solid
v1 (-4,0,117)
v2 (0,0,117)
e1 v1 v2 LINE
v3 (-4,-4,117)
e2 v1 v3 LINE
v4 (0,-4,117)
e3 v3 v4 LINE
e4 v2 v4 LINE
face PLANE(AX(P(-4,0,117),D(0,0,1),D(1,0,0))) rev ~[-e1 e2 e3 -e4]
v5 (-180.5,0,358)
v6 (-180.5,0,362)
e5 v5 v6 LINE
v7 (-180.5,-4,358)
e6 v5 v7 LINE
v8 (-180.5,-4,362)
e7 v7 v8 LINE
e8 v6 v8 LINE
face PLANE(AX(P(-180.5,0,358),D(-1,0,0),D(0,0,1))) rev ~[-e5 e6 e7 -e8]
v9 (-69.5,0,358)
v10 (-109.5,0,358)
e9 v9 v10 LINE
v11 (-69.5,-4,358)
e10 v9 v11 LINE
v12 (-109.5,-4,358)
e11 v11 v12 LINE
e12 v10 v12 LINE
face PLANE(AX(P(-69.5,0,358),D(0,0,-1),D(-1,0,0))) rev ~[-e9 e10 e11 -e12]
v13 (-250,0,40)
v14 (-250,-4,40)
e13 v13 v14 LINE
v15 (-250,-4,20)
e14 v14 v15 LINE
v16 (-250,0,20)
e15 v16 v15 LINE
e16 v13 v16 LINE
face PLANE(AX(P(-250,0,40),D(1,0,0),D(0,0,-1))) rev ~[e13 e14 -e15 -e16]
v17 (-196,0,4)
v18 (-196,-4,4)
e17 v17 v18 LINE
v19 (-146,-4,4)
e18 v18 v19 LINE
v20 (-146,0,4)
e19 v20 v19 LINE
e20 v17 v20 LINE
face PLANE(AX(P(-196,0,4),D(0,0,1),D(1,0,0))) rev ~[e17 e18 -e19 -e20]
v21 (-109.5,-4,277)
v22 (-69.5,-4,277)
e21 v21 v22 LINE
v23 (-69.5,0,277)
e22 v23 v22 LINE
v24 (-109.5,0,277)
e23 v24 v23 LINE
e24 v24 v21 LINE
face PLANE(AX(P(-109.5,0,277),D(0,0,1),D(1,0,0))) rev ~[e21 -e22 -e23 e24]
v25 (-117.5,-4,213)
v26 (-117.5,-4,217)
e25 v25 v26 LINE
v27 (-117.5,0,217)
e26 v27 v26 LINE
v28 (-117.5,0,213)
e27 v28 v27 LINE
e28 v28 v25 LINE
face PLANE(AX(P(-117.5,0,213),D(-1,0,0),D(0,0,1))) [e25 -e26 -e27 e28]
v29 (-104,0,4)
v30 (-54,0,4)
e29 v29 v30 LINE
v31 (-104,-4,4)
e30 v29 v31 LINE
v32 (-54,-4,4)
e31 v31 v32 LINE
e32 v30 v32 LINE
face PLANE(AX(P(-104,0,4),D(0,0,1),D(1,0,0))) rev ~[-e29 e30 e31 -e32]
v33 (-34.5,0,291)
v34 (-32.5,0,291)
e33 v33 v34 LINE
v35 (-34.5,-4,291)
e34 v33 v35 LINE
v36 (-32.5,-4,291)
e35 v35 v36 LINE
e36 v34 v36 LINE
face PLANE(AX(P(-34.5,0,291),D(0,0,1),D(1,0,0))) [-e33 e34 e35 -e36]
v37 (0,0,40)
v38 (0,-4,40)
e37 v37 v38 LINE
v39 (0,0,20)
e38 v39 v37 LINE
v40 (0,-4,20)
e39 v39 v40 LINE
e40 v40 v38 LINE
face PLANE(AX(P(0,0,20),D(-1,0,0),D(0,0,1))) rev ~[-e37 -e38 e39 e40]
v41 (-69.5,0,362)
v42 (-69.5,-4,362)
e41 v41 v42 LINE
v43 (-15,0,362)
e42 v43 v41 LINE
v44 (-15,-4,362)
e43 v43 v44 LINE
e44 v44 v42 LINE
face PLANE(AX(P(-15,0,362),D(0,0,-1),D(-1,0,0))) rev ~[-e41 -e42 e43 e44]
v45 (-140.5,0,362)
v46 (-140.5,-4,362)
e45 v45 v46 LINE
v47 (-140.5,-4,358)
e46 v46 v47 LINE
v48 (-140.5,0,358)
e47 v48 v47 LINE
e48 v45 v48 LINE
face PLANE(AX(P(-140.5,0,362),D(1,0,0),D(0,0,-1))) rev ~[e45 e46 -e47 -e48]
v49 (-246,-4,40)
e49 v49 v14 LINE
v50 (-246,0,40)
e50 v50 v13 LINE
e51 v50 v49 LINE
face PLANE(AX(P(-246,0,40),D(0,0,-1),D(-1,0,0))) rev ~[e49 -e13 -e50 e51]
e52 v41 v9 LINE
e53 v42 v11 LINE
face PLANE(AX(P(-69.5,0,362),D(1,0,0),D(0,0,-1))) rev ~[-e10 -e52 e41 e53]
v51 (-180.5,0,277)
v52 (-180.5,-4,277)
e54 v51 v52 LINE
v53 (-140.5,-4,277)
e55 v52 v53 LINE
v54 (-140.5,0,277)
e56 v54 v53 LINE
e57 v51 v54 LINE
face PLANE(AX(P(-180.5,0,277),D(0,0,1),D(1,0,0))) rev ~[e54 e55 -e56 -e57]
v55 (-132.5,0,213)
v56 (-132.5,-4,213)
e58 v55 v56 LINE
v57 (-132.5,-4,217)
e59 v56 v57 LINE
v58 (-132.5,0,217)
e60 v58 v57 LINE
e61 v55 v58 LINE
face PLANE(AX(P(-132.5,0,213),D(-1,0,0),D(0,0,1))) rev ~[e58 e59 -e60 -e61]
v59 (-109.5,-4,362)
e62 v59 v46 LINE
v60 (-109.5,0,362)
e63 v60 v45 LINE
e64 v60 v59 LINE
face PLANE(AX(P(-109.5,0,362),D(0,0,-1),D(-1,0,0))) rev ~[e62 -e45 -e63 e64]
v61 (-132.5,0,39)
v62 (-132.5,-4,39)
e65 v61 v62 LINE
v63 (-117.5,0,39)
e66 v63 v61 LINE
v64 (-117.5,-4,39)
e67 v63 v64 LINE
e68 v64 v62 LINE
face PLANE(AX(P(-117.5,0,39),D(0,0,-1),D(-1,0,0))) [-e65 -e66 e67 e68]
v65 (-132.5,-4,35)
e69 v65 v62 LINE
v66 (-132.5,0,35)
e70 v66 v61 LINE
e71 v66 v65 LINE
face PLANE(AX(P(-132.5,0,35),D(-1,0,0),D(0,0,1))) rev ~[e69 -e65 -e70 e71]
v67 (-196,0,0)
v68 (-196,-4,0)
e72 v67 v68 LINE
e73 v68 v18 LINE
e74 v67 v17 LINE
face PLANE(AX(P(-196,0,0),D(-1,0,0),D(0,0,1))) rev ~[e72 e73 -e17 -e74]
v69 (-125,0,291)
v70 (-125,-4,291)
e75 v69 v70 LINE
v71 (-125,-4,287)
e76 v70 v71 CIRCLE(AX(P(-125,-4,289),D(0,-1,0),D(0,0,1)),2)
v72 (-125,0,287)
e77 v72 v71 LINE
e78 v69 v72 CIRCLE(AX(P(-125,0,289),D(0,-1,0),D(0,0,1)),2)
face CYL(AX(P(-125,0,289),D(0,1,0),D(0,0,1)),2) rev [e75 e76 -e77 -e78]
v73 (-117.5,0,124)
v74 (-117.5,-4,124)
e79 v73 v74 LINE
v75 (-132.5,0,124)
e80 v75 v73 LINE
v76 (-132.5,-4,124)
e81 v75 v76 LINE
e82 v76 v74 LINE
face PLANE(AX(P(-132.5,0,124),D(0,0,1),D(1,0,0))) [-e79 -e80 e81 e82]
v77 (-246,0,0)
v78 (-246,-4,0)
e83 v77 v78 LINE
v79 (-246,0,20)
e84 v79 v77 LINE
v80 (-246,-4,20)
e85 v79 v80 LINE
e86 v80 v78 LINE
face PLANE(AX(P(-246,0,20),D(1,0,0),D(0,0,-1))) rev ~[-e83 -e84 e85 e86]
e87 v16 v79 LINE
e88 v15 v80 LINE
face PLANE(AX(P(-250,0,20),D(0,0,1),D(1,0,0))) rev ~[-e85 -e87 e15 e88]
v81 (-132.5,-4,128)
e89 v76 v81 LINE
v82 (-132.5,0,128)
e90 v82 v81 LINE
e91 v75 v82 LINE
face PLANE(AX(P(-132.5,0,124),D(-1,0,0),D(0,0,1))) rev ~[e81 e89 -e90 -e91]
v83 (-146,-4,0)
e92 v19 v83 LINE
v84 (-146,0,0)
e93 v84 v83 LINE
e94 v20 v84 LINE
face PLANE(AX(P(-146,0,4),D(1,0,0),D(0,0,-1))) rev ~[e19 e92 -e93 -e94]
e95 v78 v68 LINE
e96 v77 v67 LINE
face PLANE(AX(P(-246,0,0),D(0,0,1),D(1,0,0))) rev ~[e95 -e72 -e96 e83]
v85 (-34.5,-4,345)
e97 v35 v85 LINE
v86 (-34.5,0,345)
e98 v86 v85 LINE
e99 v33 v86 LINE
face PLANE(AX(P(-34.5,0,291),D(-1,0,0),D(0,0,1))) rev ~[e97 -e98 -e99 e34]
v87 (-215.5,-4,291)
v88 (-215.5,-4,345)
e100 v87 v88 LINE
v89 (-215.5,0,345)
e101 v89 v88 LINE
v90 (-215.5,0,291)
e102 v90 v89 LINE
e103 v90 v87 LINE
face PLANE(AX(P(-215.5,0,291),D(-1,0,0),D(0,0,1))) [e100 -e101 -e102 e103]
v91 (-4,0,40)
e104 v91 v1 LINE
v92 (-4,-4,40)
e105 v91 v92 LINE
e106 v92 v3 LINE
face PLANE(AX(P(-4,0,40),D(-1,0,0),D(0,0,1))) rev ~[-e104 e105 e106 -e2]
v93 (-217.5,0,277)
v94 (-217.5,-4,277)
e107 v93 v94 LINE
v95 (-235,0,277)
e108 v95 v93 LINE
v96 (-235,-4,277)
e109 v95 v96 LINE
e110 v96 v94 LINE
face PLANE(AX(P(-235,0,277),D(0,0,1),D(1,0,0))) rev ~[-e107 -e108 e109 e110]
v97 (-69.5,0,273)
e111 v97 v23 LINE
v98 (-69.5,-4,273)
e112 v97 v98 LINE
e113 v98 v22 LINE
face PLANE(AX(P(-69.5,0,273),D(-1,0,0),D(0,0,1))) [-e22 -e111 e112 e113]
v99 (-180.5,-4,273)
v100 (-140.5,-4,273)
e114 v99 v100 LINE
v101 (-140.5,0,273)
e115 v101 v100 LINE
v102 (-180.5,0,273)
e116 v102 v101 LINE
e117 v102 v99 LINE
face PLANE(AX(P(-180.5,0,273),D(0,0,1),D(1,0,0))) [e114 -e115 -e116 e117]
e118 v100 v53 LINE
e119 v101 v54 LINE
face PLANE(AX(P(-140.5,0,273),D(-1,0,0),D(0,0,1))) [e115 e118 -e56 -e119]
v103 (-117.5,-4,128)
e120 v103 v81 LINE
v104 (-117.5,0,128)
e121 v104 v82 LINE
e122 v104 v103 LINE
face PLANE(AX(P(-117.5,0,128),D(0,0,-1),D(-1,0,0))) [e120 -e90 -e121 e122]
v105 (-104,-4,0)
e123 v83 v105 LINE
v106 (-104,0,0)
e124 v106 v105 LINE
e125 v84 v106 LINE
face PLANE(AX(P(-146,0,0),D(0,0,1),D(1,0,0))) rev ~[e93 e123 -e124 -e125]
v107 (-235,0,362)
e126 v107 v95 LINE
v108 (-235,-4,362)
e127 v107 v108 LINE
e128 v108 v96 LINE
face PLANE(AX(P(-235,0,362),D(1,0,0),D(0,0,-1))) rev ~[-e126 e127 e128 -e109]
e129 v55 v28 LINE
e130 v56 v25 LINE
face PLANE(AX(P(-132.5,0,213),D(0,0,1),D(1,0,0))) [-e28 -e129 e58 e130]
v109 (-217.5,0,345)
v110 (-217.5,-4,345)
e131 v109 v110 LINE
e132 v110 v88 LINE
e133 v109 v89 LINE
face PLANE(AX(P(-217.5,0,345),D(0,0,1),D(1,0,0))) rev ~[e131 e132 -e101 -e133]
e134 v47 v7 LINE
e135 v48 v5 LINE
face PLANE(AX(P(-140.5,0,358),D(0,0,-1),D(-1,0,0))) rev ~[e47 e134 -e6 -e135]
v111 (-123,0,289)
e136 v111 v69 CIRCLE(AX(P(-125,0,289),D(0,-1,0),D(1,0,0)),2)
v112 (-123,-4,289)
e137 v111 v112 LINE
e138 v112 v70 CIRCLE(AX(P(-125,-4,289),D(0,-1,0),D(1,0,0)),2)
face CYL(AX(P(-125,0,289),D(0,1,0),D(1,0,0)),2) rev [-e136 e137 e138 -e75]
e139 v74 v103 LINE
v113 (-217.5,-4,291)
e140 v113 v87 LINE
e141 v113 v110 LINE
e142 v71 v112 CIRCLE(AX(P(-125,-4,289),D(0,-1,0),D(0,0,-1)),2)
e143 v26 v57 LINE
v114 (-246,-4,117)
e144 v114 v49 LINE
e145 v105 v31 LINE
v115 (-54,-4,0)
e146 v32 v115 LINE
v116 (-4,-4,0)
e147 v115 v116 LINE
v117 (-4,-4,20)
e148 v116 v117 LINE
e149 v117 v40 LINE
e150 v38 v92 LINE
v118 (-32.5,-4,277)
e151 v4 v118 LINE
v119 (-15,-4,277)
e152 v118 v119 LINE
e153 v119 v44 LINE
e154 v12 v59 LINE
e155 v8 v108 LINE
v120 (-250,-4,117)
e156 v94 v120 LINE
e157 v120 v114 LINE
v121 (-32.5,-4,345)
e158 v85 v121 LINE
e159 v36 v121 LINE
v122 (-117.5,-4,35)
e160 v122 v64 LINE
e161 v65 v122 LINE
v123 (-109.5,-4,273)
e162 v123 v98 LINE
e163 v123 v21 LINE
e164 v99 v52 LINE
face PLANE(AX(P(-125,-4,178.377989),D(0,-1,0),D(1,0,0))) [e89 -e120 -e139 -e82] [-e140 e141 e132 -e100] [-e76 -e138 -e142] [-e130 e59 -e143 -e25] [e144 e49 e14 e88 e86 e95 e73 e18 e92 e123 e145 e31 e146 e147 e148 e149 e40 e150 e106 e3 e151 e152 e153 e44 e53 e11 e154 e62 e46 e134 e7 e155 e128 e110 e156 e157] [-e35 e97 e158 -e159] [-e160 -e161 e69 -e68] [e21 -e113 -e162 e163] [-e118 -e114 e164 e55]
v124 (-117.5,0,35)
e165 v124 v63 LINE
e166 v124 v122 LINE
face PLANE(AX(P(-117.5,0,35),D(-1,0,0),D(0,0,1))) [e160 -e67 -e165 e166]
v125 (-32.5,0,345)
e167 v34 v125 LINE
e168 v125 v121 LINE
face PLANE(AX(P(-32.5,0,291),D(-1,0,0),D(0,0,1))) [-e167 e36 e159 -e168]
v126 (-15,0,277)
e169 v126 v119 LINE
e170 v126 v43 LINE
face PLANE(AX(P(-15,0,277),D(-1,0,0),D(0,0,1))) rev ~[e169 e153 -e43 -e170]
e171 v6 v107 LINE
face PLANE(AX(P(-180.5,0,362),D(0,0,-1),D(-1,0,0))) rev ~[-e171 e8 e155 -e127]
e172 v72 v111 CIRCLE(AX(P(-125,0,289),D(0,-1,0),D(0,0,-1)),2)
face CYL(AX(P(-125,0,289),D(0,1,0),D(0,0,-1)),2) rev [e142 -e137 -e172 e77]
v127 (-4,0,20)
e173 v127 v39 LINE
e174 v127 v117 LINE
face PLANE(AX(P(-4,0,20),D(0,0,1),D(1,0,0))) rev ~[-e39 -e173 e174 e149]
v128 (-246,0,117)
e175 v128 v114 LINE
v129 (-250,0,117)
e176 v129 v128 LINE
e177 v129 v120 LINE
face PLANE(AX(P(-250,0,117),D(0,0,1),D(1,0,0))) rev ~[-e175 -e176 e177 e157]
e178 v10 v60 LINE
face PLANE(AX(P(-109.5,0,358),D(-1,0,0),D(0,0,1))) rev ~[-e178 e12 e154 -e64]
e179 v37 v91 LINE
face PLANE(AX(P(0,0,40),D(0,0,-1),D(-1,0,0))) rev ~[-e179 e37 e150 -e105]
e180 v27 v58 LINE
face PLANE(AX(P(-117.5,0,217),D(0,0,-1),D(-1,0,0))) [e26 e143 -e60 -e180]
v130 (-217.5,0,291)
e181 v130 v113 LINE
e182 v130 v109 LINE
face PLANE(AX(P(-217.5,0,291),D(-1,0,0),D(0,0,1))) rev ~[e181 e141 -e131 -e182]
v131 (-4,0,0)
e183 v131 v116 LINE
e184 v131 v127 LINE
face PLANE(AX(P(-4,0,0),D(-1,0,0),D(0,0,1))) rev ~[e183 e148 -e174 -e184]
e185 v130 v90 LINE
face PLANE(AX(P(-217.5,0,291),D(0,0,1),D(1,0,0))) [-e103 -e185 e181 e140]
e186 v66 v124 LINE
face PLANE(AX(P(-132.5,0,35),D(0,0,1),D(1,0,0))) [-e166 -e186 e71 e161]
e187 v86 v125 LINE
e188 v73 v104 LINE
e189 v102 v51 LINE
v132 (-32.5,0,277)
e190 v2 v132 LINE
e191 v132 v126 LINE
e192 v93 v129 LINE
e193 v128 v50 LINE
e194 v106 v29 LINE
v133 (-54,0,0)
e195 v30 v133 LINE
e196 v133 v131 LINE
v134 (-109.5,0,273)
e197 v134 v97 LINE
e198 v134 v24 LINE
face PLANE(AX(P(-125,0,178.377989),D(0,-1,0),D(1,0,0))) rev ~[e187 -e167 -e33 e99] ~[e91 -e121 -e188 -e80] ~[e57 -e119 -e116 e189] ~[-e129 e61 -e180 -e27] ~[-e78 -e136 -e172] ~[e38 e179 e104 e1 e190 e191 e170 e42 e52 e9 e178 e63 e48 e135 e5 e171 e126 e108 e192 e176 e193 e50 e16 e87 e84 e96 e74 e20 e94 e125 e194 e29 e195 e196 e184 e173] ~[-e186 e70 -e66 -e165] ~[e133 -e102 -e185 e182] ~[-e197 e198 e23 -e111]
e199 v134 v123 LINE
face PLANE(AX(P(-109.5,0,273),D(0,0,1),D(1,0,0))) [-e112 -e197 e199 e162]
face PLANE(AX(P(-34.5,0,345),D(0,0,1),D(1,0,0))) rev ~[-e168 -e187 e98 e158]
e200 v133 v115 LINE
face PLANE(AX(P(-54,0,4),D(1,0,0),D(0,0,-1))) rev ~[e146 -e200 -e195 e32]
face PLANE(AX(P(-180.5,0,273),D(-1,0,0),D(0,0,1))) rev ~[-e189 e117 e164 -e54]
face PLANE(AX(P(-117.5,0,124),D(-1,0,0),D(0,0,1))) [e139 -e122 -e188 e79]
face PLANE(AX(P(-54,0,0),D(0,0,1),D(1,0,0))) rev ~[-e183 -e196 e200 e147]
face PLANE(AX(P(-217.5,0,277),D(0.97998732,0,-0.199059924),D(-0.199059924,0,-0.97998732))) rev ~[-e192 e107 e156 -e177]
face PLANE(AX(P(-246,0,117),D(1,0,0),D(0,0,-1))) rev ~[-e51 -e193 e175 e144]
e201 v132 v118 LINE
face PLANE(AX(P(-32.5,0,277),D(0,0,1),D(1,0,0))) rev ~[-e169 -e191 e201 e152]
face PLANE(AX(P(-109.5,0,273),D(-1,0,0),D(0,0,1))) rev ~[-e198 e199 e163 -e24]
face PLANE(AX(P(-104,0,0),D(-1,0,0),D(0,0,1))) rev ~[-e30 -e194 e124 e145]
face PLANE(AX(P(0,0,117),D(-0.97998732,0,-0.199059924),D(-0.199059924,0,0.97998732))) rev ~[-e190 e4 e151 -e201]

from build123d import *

# Parameters (mm, degrees)
F0_W     = 40
F0_H     = 4
F1_DEPTH = 4
F2_W     = 2
F2_H     = 54
F2_W_2   = 7.5
F2_H_2   = 4
F3_DEPTH = 4


with BuildPart() as f1:
    # F0 (on Front) → F1 (new body)
    with BuildSketch(Plane.XZ):
        Polygon((-54, 0), (-4, 0), (-4, 20), (0, 20), (0, 40), (-4, 40), (-4, 117), (0, 117), (-32.5, 277), (-15, 277), (-15, 362), (-69.5, 362), (-69.5, 358), (-109.5, 358), (-109.5, 362), (-140.5, 362), (-140.5, 358), (-180.5, 358), (-180.5, 362), (-235, 362), (-235, 277), (-217.5, 277), (-250, 117), (-246, 117), (-246, 40), (-250, 40), (-250, 20), (-246, 20), (-246, 0), (-196, 0), (-196, 4), (-146, 4), (-146, 0), (-104, 0), (-104, 4), (-54, 4), align=None)
        with Locations((-160.5, 275)):
            Rectangle(F0_W, F0_H, mode=Mode.SUBTRACT)
        with Locations((-89.5, 275)):
            Rectangle(F0_W, F0_H, mode=Mode.SUBTRACT)
    extrude(amount=F1_DEPTH)

    # F2 (on Front) → F3 (cut)
    with BuildSketch(Plane.XZ):
        with Locations((-33.5, 318)):
            Rectangle(F2_W, F2_H)
        with Locations((-216.5, 318)):
            Rectangle(F2_W, F2_H)
        with BuildLine():
            ThreePointArc((-125, 287), (-123.5857864376, 287.5857864376), (-123, 289))
            ThreePointArc((-123, 289), (-123.5857864376, 290.4142135624), (-125, 291))
            Line((-125, 291), (-125, 287))
        make_face()
        with Locations((-121.25, 37)):
            Rectangle(F2_W_2, F2_H_2)
        with Locations((-128.75, 37)):
            Rectangle(F2_W_2, F2_H_2)
        with Locations((-121.25, 126)):
            Rectangle(F2_W_2, F2_H_2)
        with Locations((-128.75, 126)):
            Rectangle(F2_W_2, F2_H_2)
        with Locations((-121.25, 215)):
            Rectangle(F2_W_2, F2_H_2)
        with Locations((-128.75, 215)):
            Rectangle(F2_W_2, F2_H_2)
        with BuildLine():
            Line((-125, 287), (-125, 291))
            ThreePointArc((-125, 291), (-127, 289), (-125, 287))
        make_face()
    extrude(amount=F3_DEPTH, mode=Mode.SUBTRACT)


solid = f1.part
